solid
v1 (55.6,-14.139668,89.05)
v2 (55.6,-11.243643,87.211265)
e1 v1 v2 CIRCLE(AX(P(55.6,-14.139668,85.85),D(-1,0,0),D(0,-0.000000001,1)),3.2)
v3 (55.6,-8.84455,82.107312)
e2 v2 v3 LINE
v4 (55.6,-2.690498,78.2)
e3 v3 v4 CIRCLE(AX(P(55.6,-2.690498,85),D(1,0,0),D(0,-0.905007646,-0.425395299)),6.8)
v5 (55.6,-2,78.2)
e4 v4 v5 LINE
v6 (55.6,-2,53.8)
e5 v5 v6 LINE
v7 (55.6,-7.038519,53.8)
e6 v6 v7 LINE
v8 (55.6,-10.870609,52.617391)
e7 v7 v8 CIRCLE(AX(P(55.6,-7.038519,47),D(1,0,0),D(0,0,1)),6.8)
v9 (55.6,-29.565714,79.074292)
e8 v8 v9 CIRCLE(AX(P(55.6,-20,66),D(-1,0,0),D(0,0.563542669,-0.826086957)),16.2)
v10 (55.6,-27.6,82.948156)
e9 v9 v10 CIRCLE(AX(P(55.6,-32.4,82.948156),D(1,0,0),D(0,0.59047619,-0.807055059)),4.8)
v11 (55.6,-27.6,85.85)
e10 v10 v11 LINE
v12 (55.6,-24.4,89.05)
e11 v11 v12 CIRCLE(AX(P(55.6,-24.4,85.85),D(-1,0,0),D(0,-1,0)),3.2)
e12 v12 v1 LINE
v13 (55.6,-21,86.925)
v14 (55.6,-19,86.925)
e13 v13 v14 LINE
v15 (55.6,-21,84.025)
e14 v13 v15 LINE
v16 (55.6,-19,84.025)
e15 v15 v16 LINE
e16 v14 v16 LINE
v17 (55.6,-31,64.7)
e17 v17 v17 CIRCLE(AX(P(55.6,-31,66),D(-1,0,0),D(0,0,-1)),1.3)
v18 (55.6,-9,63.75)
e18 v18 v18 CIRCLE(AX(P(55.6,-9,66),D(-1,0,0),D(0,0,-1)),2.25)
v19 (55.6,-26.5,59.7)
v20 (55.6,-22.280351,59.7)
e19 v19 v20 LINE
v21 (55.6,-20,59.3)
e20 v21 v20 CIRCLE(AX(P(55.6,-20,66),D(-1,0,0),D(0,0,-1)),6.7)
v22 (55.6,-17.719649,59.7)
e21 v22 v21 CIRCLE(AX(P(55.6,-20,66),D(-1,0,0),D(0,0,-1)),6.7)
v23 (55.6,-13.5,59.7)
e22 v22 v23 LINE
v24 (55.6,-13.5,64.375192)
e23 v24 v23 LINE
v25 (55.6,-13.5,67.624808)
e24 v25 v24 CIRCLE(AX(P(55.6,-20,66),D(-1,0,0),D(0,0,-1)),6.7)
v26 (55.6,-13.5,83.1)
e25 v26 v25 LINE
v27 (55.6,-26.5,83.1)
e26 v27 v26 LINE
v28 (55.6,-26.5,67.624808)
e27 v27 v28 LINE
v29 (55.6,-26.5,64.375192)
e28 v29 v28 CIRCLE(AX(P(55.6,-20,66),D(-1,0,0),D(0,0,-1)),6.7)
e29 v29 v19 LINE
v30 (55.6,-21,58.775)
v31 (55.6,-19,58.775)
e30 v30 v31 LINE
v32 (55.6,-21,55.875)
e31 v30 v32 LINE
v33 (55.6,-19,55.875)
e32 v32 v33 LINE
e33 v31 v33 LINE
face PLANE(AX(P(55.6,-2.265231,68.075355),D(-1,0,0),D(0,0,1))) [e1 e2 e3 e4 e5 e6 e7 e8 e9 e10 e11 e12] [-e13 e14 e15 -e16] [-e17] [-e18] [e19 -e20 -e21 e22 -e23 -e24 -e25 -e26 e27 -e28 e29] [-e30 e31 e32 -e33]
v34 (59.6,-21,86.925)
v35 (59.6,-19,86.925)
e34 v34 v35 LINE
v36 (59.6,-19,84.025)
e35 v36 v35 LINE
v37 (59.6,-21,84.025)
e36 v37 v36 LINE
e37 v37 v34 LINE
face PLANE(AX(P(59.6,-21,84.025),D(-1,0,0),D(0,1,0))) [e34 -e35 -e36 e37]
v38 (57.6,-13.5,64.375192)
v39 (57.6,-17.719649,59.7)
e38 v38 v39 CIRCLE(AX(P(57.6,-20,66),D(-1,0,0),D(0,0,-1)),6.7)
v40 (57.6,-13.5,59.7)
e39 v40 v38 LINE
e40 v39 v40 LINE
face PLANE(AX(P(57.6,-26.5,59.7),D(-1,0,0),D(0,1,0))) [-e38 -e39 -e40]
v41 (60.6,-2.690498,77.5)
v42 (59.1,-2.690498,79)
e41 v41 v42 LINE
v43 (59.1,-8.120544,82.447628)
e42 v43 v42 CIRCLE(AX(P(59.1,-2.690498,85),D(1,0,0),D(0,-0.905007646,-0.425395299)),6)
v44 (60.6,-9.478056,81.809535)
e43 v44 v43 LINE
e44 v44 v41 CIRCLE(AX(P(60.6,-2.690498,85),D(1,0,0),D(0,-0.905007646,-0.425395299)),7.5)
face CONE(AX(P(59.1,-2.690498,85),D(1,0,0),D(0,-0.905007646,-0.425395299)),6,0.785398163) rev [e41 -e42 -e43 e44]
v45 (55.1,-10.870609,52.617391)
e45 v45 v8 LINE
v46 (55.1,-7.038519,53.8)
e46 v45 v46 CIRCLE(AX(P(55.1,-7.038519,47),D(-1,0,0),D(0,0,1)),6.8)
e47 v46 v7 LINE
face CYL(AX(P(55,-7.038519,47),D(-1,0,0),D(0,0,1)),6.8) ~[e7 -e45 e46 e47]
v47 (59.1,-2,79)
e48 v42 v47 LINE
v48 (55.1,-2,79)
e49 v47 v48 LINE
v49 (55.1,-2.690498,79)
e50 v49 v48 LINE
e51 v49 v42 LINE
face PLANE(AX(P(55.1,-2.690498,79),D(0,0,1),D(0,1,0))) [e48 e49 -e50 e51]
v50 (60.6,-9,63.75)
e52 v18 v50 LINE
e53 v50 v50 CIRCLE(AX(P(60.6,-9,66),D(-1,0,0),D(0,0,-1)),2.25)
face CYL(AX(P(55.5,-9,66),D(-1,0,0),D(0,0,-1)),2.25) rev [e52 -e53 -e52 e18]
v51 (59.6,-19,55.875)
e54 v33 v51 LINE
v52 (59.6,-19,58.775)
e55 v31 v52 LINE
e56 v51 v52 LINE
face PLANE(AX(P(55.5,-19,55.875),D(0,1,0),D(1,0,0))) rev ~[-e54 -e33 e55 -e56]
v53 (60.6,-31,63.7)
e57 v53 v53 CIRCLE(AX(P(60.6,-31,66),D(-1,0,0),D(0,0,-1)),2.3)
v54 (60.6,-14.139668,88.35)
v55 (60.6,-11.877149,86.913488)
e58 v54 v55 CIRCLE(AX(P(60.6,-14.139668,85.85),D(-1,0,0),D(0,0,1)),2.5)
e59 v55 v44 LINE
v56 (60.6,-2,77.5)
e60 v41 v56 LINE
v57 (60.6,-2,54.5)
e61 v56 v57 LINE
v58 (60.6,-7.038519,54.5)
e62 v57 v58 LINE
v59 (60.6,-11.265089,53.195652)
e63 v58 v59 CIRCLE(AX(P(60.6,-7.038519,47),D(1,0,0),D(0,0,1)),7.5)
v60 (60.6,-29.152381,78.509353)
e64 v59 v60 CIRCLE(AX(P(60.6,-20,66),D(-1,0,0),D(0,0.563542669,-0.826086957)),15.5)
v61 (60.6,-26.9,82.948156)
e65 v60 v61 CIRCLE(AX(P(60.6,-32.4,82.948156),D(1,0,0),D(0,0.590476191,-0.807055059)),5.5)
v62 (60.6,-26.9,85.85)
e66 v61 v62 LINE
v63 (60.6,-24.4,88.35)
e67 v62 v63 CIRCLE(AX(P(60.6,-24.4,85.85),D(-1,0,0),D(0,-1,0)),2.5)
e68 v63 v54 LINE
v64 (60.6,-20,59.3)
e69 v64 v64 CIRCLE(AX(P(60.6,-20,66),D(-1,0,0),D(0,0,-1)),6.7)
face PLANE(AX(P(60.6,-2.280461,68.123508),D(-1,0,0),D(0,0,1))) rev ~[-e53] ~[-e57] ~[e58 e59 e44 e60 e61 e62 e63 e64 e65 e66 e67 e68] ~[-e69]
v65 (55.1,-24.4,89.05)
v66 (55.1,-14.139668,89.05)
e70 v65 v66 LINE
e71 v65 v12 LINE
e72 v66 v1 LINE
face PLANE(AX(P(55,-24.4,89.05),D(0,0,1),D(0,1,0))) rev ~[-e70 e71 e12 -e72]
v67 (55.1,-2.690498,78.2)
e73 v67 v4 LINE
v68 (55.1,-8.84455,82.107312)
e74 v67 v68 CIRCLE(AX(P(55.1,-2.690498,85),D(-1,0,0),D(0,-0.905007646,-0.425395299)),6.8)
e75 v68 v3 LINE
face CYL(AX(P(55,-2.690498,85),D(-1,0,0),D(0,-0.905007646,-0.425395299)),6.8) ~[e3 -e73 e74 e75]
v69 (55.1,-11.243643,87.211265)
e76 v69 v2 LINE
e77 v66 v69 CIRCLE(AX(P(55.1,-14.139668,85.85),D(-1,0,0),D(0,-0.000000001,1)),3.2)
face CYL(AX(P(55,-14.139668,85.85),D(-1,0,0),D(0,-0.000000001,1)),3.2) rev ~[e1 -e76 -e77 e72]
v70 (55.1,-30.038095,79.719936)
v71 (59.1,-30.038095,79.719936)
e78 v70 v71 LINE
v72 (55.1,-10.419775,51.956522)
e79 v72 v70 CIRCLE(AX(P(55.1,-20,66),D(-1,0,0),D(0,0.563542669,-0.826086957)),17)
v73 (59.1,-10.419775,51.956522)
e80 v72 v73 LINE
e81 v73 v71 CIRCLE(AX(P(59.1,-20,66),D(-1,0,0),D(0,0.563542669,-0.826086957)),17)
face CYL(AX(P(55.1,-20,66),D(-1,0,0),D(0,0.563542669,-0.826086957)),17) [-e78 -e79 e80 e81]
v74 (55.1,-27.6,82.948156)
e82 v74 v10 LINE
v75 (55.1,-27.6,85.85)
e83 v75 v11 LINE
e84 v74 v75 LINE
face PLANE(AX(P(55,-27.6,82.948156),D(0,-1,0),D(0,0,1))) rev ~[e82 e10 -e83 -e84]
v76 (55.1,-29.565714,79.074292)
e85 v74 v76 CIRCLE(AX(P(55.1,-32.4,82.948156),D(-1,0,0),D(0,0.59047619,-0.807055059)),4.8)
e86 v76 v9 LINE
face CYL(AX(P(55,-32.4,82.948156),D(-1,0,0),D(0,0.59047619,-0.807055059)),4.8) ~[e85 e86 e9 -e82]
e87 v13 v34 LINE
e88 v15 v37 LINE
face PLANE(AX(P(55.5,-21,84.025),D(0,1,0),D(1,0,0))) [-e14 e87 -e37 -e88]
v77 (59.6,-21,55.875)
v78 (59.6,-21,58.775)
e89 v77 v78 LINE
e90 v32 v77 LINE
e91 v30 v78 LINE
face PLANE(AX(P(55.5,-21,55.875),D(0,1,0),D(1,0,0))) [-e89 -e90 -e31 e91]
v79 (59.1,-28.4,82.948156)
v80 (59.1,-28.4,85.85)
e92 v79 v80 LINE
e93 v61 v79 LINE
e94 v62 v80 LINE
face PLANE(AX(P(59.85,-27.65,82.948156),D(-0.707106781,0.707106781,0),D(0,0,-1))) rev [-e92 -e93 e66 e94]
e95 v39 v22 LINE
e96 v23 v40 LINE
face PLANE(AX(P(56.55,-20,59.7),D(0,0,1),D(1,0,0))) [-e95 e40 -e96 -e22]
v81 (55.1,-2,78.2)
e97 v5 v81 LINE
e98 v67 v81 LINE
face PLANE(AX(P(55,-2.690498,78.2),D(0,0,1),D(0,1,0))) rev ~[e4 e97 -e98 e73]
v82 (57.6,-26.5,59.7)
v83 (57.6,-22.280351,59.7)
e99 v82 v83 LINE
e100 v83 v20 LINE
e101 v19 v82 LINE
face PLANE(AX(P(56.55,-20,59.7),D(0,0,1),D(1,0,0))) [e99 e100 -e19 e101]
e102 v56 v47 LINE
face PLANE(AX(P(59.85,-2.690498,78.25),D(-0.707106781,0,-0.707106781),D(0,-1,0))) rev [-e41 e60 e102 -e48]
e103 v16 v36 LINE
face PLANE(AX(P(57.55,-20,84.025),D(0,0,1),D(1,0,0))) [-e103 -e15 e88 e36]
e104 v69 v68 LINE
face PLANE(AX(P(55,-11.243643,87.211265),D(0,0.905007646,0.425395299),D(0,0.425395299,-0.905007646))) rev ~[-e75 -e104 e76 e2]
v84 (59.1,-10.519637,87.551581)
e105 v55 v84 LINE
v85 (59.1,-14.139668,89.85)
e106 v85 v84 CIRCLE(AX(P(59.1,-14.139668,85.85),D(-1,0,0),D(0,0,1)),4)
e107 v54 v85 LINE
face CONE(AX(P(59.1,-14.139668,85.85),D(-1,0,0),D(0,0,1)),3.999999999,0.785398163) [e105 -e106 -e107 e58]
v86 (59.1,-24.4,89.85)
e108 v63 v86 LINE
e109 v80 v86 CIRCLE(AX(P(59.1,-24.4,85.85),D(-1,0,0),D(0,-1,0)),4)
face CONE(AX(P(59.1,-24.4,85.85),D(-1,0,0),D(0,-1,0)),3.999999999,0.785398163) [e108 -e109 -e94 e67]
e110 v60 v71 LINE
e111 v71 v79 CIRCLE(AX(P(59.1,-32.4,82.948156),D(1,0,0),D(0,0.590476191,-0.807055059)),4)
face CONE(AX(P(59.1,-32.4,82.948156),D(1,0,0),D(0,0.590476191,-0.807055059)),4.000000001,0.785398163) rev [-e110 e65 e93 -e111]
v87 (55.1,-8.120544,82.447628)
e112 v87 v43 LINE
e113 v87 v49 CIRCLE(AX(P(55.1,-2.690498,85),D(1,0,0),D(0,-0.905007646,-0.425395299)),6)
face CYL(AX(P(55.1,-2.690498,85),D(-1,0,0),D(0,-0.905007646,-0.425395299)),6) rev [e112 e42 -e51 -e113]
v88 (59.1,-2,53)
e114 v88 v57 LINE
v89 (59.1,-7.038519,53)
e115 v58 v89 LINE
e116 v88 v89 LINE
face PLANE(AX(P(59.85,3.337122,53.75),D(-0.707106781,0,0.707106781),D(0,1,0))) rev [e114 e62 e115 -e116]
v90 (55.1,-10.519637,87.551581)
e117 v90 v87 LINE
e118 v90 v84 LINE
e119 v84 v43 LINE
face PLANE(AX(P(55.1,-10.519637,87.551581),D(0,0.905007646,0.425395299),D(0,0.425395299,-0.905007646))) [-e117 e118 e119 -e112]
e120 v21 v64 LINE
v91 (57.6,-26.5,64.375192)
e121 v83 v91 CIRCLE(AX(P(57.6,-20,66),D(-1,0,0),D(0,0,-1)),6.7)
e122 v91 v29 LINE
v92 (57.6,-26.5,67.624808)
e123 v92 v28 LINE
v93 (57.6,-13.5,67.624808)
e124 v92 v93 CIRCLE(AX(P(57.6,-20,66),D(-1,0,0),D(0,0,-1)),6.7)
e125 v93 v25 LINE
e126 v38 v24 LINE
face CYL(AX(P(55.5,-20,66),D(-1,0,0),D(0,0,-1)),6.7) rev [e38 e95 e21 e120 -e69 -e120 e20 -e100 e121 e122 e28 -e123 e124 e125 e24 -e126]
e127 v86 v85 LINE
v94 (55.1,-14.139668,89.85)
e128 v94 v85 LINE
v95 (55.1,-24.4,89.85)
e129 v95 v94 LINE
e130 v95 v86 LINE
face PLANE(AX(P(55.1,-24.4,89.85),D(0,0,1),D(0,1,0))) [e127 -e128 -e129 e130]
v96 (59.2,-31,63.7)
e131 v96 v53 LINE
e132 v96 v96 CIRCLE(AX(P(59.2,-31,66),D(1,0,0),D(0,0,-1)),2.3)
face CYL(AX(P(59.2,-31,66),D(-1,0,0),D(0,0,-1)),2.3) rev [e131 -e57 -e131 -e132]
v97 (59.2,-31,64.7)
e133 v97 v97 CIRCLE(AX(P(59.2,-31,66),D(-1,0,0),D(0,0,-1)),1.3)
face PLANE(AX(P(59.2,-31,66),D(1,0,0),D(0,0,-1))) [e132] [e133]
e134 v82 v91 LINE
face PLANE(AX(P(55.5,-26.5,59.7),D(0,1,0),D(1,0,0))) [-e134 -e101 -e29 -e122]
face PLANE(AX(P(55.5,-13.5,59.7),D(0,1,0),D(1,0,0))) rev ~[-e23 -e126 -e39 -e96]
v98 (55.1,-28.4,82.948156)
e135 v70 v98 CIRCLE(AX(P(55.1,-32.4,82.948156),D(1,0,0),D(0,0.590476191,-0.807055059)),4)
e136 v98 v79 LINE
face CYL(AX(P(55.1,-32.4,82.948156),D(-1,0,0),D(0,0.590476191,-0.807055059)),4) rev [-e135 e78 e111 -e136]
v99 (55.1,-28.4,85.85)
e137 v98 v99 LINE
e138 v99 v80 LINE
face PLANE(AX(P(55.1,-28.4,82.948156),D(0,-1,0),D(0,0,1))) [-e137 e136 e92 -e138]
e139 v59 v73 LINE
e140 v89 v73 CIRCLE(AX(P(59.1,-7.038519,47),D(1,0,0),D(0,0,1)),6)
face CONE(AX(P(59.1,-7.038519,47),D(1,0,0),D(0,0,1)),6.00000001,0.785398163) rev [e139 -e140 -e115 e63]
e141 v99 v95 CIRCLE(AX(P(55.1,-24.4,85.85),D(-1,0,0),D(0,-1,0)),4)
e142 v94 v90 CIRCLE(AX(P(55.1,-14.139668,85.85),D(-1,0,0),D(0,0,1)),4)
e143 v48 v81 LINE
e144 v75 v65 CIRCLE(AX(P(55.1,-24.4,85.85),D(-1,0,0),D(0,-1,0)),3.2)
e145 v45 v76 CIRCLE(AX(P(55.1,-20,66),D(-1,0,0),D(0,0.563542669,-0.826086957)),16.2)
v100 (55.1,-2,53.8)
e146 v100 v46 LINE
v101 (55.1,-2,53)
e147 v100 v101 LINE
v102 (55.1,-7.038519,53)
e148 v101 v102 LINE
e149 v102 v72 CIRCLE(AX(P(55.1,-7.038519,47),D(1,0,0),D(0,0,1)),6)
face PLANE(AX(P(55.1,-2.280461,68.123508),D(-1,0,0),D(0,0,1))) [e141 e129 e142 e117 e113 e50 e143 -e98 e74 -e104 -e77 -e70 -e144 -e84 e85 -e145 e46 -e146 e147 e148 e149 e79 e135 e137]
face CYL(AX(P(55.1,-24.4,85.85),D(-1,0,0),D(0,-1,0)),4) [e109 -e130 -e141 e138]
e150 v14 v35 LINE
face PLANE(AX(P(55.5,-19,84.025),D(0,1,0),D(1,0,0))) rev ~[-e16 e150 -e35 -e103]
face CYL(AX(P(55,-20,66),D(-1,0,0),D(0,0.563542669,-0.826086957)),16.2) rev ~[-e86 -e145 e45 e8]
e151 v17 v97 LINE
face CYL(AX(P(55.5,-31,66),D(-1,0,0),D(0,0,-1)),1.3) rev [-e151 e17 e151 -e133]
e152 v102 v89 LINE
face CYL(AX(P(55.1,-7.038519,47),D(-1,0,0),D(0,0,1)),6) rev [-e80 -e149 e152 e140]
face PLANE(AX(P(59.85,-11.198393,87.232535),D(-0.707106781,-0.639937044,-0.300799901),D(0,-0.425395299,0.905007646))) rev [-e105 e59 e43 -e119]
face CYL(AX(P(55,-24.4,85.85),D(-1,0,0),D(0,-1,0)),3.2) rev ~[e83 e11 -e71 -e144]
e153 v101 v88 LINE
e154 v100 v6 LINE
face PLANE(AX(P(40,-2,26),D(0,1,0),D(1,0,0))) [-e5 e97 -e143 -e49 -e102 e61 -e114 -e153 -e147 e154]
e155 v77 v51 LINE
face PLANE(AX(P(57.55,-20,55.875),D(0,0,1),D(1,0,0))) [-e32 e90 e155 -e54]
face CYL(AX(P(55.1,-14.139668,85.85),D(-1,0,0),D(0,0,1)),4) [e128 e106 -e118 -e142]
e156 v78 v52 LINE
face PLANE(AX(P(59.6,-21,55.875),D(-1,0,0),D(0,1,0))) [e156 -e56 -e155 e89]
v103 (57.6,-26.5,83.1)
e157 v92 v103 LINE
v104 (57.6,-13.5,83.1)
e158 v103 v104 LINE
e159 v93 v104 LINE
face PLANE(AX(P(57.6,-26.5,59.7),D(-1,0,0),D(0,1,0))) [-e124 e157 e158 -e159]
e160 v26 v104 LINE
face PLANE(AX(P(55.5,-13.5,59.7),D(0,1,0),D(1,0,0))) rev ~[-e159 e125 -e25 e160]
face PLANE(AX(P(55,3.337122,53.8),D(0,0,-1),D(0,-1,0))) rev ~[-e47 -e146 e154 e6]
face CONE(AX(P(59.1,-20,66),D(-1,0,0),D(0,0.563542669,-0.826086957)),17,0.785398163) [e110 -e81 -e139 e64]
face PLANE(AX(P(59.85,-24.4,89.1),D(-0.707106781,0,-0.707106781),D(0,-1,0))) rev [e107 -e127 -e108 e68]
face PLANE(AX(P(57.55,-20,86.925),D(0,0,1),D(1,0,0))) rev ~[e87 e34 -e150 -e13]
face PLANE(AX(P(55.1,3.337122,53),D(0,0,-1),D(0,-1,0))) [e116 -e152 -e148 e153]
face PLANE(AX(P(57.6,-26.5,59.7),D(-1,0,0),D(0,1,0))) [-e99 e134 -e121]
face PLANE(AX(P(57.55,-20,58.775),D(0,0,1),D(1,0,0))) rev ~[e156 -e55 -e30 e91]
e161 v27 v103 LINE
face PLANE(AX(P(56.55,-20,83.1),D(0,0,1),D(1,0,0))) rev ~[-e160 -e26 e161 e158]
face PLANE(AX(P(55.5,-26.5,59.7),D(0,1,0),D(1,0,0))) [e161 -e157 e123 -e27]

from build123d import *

# Parameters (mm, degrees)
BOSS_EXTRUDE1_START  = 55.1
BOSS_EXTRUDE1_DEPTH  = 5.5
BOSS_EXTRUDE2_START  = 55
BOSS_EXTRUDE2_DEPTH  = 0.6
CHAMFER1_SIZE        = 1.5
BOSS_EXTRUDE3_START  = 55.875
SKETCH3_W            = 4.1
SKETCH3_H            = 2
BOSS_EXTRUDE3_DEPTH  = 2.9
BOSS_EXTRUDE4_START  = 84.025
SKETCH4_W            = 4.1
SKETCH4_H            = 2
BOSS_EXTRUDE4_DEPTH  = 2.9
BOSS_EXTRUDE5_START  = 59.7
SKETCH5_W            = 2.1
SKETCH5_H            = 13
BOSS_EXTRUDE5_DEPTH  = 23.4
BOSS_EXTRUDE6_START  = 55.5
SKETCH6_R            = 6.7
BOSS_EXTRUDE6_DEPTH  = 5.6
BOSS_EXTRUDE7_START  = 55.5
SKETCH7_R            = 2.25
BOSS_EXTRUDE7_DEPTH  = 5.6
BOSS_EXTRUDE8_START  = 59.2
SKETCH8_R            = 2.3
BOSS_EXTRUDE8_DEPTH  = 1.9
BOSS_EXTRUDE9_START  = 55.5
SKETCH9_R            = 1.3
BOSS_EXTRUDE9_DEPTH  = 3.75
BOSS_EXTRUDE10_START = 26
SKETCH10_W           = 30
SKETCH10_H           = 62
BOSS_EXTRUDE10_DEPTH = 80


with BuildPart() as part:
    # Sketch1 → Boss-Extrude1 (new body)
    with BuildSketch(Plane(origin=(0, 0, 0), x_dir=(0, 0, -1), z_dir=(1, 0, 0)).offset(BOSS_EXTRUDE1_START)):
        with BuildLine():
            Line((-53, 3.337121701), (-53, -7.038518603))
            ThreePointArc((-53, -7.038518603), (-52.733198515, -8.807822077), (-51.956521739, -10.41977462))
            ThreePointArc((-51.956521739, -10.41977462), (-56.18950583, -33.883594784), (-79.719936005, -30.038095238))
            ThreePointArc((-79.719936005, -30.038095238), (-81.138131249, -28.832955071), (-82.948156242, -28.4))
            Line((-82.948156242, -28.4), (-85.85, -28.4))
            ThreePointArc((-85.85, -28.4), (-88.678427125, -27.228427125), (-89.85, -24.4))
            Line((-89.85, -24.4), (-89.85, -14.139667829))
            ThreePointArc((-89.85, -14.139667829), (-89.226856881, -11.995644133), (-87.551581196, -10.519637244))
            Line((-87.551581196, -10.519637244), (-82.447628205, -8.120544133))
            ThreePointArc((-82.447628205, -8.120544133), (-79.934714679, -5.9065338), (-79, -2.690498257))
            Line((-79, -2.690498257), (-79, 3.337121701))
            ThreePointArc((-79, 3.337121701), (-79.321091654, 5.273613374), (-80.25, 7.002841276))
            ThreePointArc((-80.25, 7.002841276), (-66, 36), (-51.75, 7.002841276))
            ThreePointArc((-51.75, 7.002841276), (-52.678908346, 5.273613374), (-53, 3.337121701))
        make_face()
    extrude(amount=BOSS_EXTRUDE1_DEPTH)


with BuildPart() as body_2:
    # Sketch2 → Boss-Extrude2 (new body)
    with BuildSketch(Plane(origin=(0, 0, 0), x_dir=(0, 0, -1), z_dir=(1, 0, 0)).offset(BOSS_EXTRUDE2_START)):
        with BuildLine():
            Line((-53.8, 3.337121701), (-53.8, -7.038518603))
            ThreePointArc((-53.8, -7.038518603), (-53.497624984, -9.043729207), (-52.617391304, -10.870608755))
            ThreePointArc((-52.617391304, -10.870608755), (-56.651176143, -33.230249147), (-79.074291958, -29.565714286))
            ThreePointArc((-79.074291958, -29.565714286), (-80.77612625, -28.119546085), (-82.948156242, -27.6))
            Line((-82.948156242, -27.6), (-85.85, -27.6))
            ThreePointArc((-85.85, -27.6), (-88.1127417, -26.6627417), (-89.05, -24.4))
            Line((-89.05, -24.4), (-89.05, -14.139667829))
            ThreePointArc((-89.05, -14.139667829), (-88.551485505, -12.424448872), (-87.211264957, -11.243643361))
            Line((-87.211264957, -11.243643361), (-82.107311966, -8.84455025))
            ThreePointArc((-82.107311966, -8.84455025), (-79.259343303, -6.335338539), (-78.2, -2.690498257))
            Line((-78.2, -2.690498257), (-78.2, 3.337121701))
            ThreePointArc((-78.2, 3.337121701), (-78.563903875, 5.531812264), (-79.616666667, 7.491603886))
            ThreePointArc((-79.616666667, 7.491603886), (-66, 35.2), (-52.383333333, 7.491603886))
            ThreePointArc((-52.383333333, 7.491603886), (-53.436096125, 5.531812264), (-53.8, 3.337121701))
        make_face()
    extrude(amount=BOSS_EXTRUDE2_DEPTH)


with BuildPart() as part_1:
    add(part.part)

    # Combine1: cut body 2
    add(body_2.part, mode=Mode.SUBTRACT)

    # Chamfer1
    chamfer1_edges = [part_1.edges().sort_by_distance(p)[0] for p in [
        (60.6, -5.9065338, 79.934714679),
        (60.6, -9.320090689, 84.999604701),
        (60.6, -11.995644133, 89.226856881),
        (60.6, -19.269833914, 89.85),
        (60.6, -27.228427125, 88.678427125),
        (60.6, -28.4, 84.399078121),
        (60.6, -28.832955071, 81.138131249),
        (60.6, -33.883594784, 56.18950583),
        (60.6, -8.807822077, 52.733198515),
        (60.6, -1.850698451, 53),
        (60.6, 5.273613374, 79.321091654),
        (60.6, 5.273613374, 52.678908346),
        (60.6, 36, 66),
        (60.6, 0.323311722, 79),
    ]]
    chamfer(chamfer1_edges, length=CHAMFER1_SIZE)


with BuildPart() as body_2_2:
    # Sketch3 → Boss-Extrude3 (new body)
    with BuildSketch(Plane.XY.offset(BOSS_EXTRUDE3_START)):
        with Locations((57.55, -20)):
            Rectangle(SKETCH3_W, SKETCH3_H)
    extrude(amount=BOSS_EXTRUDE3_DEPTH)


with BuildPart() as part_2:
    add(part_1.part)

    # Combine2: cut body 2 2
    add(body_2_2.part, mode=Mode.SUBTRACT)


with BuildPart() as body_2_3:
    # Sketch4 → Boss-Extrude4 (new body)
    with BuildSketch(Plane.XY.offset(BOSS_EXTRUDE4_START)):
        with Locations((57.55, -20)):
            Rectangle(SKETCH4_W, SKETCH4_H)
    extrude(amount=BOSS_EXTRUDE4_DEPTH)


with BuildPart() as part_3:
    add(part_2.part)

    # Combine3: cut body 2 3
    add(body_2_3.part, mode=Mode.SUBTRACT)


with BuildPart() as body_2_4:
    # Sketch5 → Boss-Extrude5 (new body)
    with BuildSketch(Plane.XY.offset(BOSS_EXTRUDE5_START)):
        with Locations((56.55, -20)):
            Rectangle(SKETCH5_W, SKETCH5_H)
    extrude(amount=BOSS_EXTRUDE5_DEPTH)


with BuildPart() as part_4:
    add(part_3.part)

    # Combine4: cut body 2 4
    add(body_2_4.part, mode=Mode.SUBTRACT)


with BuildPart() as body_2_5:
    # Sketch6 → Boss-Extrude6 (new body)
    with BuildSketch(Plane(origin=(0, 0, 0), x_dir=(0, 0, -1), z_dir=(1, 0, 0)).offset(BOSS_EXTRUDE6_START)):
        with Locations((-66, -20)):
            Circle(SKETCH6_R)
    extrude(amount=BOSS_EXTRUDE6_DEPTH)


with BuildPart() as part_5:
    add(part_4.part)

    # Combine5: cut body 2 5
    add(body_2_5.part, mode=Mode.SUBTRACT)


with BuildPart() as body_2_6:
    # Sketch7 → Boss-Extrude7 (new body)
    with BuildSketch(Plane(origin=(0, 0, 0), x_dir=(0, 0, -1), z_dir=(1, 0, 0)).offset(BOSS_EXTRUDE7_START)):
        with Locations((-66, -9)):
            Circle(SKETCH7_R)
    extrude(amount=BOSS_EXTRUDE7_DEPTH)


with BuildPart() as part_6:
    add(part_5.part)

    # Combine6: cut body 2 6
    add(body_2_6.part, mode=Mode.SUBTRACT)


with BuildPart() as body_2_7:
    # Sketch8 → Boss-Extrude8 (new body)
    with BuildSketch(Plane(origin=(0, 0, 0), x_dir=(0, 0, -1), z_dir=(1, 0, 0)).offset(BOSS_EXTRUDE8_START)):
        with Locations((-66, -31)):
            Circle(SKETCH8_R)
    extrude(amount=BOSS_EXTRUDE8_DEPTH)


with BuildPart() as part_7:
    add(part_6.part)

    # Combine7: cut body 2 7
    add(body_2_7.part, mode=Mode.SUBTRACT)


with BuildPart() as body_2_8:
    # Sketch9 → Boss-Extrude9 (new body)
    with BuildSketch(Plane(origin=(0, 0, 0), x_dir=(0, 0, -1), z_dir=(1, 0, 0)).offset(BOSS_EXTRUDE9_START)):
        with Locations((-66, -31)):
            Circle(SKETCH9_R)
    extrude(amount=BOSS_EXTRUDE9_DEPTH)


with BuildPart() as part_8:
    add(part_7.part)

    # Combine8: cut body 2 8
    add(body_2_8.part, mode=Mode.SUBTRACT)


with BuildPart() as body_2_9:
    # Sketch10 → Boss-Extrude10 (new body)
    with BuildSketch(Plane.XY.offset(BOSS_EXTRUDE10_START)):
        with Locations((55, 29)):
            Rectangle(SKETCH10_W, SKETCH10_H)
    extrude(amount=BOSS_EXTRUDE10_DEPTH)


with BuildPart() as part_9:
    add(part_8.part)

    # Combine9: cut body 2 9
    add(body_2_9.part, mode=Mode.SUBTRACT)


solid = part_9.part
